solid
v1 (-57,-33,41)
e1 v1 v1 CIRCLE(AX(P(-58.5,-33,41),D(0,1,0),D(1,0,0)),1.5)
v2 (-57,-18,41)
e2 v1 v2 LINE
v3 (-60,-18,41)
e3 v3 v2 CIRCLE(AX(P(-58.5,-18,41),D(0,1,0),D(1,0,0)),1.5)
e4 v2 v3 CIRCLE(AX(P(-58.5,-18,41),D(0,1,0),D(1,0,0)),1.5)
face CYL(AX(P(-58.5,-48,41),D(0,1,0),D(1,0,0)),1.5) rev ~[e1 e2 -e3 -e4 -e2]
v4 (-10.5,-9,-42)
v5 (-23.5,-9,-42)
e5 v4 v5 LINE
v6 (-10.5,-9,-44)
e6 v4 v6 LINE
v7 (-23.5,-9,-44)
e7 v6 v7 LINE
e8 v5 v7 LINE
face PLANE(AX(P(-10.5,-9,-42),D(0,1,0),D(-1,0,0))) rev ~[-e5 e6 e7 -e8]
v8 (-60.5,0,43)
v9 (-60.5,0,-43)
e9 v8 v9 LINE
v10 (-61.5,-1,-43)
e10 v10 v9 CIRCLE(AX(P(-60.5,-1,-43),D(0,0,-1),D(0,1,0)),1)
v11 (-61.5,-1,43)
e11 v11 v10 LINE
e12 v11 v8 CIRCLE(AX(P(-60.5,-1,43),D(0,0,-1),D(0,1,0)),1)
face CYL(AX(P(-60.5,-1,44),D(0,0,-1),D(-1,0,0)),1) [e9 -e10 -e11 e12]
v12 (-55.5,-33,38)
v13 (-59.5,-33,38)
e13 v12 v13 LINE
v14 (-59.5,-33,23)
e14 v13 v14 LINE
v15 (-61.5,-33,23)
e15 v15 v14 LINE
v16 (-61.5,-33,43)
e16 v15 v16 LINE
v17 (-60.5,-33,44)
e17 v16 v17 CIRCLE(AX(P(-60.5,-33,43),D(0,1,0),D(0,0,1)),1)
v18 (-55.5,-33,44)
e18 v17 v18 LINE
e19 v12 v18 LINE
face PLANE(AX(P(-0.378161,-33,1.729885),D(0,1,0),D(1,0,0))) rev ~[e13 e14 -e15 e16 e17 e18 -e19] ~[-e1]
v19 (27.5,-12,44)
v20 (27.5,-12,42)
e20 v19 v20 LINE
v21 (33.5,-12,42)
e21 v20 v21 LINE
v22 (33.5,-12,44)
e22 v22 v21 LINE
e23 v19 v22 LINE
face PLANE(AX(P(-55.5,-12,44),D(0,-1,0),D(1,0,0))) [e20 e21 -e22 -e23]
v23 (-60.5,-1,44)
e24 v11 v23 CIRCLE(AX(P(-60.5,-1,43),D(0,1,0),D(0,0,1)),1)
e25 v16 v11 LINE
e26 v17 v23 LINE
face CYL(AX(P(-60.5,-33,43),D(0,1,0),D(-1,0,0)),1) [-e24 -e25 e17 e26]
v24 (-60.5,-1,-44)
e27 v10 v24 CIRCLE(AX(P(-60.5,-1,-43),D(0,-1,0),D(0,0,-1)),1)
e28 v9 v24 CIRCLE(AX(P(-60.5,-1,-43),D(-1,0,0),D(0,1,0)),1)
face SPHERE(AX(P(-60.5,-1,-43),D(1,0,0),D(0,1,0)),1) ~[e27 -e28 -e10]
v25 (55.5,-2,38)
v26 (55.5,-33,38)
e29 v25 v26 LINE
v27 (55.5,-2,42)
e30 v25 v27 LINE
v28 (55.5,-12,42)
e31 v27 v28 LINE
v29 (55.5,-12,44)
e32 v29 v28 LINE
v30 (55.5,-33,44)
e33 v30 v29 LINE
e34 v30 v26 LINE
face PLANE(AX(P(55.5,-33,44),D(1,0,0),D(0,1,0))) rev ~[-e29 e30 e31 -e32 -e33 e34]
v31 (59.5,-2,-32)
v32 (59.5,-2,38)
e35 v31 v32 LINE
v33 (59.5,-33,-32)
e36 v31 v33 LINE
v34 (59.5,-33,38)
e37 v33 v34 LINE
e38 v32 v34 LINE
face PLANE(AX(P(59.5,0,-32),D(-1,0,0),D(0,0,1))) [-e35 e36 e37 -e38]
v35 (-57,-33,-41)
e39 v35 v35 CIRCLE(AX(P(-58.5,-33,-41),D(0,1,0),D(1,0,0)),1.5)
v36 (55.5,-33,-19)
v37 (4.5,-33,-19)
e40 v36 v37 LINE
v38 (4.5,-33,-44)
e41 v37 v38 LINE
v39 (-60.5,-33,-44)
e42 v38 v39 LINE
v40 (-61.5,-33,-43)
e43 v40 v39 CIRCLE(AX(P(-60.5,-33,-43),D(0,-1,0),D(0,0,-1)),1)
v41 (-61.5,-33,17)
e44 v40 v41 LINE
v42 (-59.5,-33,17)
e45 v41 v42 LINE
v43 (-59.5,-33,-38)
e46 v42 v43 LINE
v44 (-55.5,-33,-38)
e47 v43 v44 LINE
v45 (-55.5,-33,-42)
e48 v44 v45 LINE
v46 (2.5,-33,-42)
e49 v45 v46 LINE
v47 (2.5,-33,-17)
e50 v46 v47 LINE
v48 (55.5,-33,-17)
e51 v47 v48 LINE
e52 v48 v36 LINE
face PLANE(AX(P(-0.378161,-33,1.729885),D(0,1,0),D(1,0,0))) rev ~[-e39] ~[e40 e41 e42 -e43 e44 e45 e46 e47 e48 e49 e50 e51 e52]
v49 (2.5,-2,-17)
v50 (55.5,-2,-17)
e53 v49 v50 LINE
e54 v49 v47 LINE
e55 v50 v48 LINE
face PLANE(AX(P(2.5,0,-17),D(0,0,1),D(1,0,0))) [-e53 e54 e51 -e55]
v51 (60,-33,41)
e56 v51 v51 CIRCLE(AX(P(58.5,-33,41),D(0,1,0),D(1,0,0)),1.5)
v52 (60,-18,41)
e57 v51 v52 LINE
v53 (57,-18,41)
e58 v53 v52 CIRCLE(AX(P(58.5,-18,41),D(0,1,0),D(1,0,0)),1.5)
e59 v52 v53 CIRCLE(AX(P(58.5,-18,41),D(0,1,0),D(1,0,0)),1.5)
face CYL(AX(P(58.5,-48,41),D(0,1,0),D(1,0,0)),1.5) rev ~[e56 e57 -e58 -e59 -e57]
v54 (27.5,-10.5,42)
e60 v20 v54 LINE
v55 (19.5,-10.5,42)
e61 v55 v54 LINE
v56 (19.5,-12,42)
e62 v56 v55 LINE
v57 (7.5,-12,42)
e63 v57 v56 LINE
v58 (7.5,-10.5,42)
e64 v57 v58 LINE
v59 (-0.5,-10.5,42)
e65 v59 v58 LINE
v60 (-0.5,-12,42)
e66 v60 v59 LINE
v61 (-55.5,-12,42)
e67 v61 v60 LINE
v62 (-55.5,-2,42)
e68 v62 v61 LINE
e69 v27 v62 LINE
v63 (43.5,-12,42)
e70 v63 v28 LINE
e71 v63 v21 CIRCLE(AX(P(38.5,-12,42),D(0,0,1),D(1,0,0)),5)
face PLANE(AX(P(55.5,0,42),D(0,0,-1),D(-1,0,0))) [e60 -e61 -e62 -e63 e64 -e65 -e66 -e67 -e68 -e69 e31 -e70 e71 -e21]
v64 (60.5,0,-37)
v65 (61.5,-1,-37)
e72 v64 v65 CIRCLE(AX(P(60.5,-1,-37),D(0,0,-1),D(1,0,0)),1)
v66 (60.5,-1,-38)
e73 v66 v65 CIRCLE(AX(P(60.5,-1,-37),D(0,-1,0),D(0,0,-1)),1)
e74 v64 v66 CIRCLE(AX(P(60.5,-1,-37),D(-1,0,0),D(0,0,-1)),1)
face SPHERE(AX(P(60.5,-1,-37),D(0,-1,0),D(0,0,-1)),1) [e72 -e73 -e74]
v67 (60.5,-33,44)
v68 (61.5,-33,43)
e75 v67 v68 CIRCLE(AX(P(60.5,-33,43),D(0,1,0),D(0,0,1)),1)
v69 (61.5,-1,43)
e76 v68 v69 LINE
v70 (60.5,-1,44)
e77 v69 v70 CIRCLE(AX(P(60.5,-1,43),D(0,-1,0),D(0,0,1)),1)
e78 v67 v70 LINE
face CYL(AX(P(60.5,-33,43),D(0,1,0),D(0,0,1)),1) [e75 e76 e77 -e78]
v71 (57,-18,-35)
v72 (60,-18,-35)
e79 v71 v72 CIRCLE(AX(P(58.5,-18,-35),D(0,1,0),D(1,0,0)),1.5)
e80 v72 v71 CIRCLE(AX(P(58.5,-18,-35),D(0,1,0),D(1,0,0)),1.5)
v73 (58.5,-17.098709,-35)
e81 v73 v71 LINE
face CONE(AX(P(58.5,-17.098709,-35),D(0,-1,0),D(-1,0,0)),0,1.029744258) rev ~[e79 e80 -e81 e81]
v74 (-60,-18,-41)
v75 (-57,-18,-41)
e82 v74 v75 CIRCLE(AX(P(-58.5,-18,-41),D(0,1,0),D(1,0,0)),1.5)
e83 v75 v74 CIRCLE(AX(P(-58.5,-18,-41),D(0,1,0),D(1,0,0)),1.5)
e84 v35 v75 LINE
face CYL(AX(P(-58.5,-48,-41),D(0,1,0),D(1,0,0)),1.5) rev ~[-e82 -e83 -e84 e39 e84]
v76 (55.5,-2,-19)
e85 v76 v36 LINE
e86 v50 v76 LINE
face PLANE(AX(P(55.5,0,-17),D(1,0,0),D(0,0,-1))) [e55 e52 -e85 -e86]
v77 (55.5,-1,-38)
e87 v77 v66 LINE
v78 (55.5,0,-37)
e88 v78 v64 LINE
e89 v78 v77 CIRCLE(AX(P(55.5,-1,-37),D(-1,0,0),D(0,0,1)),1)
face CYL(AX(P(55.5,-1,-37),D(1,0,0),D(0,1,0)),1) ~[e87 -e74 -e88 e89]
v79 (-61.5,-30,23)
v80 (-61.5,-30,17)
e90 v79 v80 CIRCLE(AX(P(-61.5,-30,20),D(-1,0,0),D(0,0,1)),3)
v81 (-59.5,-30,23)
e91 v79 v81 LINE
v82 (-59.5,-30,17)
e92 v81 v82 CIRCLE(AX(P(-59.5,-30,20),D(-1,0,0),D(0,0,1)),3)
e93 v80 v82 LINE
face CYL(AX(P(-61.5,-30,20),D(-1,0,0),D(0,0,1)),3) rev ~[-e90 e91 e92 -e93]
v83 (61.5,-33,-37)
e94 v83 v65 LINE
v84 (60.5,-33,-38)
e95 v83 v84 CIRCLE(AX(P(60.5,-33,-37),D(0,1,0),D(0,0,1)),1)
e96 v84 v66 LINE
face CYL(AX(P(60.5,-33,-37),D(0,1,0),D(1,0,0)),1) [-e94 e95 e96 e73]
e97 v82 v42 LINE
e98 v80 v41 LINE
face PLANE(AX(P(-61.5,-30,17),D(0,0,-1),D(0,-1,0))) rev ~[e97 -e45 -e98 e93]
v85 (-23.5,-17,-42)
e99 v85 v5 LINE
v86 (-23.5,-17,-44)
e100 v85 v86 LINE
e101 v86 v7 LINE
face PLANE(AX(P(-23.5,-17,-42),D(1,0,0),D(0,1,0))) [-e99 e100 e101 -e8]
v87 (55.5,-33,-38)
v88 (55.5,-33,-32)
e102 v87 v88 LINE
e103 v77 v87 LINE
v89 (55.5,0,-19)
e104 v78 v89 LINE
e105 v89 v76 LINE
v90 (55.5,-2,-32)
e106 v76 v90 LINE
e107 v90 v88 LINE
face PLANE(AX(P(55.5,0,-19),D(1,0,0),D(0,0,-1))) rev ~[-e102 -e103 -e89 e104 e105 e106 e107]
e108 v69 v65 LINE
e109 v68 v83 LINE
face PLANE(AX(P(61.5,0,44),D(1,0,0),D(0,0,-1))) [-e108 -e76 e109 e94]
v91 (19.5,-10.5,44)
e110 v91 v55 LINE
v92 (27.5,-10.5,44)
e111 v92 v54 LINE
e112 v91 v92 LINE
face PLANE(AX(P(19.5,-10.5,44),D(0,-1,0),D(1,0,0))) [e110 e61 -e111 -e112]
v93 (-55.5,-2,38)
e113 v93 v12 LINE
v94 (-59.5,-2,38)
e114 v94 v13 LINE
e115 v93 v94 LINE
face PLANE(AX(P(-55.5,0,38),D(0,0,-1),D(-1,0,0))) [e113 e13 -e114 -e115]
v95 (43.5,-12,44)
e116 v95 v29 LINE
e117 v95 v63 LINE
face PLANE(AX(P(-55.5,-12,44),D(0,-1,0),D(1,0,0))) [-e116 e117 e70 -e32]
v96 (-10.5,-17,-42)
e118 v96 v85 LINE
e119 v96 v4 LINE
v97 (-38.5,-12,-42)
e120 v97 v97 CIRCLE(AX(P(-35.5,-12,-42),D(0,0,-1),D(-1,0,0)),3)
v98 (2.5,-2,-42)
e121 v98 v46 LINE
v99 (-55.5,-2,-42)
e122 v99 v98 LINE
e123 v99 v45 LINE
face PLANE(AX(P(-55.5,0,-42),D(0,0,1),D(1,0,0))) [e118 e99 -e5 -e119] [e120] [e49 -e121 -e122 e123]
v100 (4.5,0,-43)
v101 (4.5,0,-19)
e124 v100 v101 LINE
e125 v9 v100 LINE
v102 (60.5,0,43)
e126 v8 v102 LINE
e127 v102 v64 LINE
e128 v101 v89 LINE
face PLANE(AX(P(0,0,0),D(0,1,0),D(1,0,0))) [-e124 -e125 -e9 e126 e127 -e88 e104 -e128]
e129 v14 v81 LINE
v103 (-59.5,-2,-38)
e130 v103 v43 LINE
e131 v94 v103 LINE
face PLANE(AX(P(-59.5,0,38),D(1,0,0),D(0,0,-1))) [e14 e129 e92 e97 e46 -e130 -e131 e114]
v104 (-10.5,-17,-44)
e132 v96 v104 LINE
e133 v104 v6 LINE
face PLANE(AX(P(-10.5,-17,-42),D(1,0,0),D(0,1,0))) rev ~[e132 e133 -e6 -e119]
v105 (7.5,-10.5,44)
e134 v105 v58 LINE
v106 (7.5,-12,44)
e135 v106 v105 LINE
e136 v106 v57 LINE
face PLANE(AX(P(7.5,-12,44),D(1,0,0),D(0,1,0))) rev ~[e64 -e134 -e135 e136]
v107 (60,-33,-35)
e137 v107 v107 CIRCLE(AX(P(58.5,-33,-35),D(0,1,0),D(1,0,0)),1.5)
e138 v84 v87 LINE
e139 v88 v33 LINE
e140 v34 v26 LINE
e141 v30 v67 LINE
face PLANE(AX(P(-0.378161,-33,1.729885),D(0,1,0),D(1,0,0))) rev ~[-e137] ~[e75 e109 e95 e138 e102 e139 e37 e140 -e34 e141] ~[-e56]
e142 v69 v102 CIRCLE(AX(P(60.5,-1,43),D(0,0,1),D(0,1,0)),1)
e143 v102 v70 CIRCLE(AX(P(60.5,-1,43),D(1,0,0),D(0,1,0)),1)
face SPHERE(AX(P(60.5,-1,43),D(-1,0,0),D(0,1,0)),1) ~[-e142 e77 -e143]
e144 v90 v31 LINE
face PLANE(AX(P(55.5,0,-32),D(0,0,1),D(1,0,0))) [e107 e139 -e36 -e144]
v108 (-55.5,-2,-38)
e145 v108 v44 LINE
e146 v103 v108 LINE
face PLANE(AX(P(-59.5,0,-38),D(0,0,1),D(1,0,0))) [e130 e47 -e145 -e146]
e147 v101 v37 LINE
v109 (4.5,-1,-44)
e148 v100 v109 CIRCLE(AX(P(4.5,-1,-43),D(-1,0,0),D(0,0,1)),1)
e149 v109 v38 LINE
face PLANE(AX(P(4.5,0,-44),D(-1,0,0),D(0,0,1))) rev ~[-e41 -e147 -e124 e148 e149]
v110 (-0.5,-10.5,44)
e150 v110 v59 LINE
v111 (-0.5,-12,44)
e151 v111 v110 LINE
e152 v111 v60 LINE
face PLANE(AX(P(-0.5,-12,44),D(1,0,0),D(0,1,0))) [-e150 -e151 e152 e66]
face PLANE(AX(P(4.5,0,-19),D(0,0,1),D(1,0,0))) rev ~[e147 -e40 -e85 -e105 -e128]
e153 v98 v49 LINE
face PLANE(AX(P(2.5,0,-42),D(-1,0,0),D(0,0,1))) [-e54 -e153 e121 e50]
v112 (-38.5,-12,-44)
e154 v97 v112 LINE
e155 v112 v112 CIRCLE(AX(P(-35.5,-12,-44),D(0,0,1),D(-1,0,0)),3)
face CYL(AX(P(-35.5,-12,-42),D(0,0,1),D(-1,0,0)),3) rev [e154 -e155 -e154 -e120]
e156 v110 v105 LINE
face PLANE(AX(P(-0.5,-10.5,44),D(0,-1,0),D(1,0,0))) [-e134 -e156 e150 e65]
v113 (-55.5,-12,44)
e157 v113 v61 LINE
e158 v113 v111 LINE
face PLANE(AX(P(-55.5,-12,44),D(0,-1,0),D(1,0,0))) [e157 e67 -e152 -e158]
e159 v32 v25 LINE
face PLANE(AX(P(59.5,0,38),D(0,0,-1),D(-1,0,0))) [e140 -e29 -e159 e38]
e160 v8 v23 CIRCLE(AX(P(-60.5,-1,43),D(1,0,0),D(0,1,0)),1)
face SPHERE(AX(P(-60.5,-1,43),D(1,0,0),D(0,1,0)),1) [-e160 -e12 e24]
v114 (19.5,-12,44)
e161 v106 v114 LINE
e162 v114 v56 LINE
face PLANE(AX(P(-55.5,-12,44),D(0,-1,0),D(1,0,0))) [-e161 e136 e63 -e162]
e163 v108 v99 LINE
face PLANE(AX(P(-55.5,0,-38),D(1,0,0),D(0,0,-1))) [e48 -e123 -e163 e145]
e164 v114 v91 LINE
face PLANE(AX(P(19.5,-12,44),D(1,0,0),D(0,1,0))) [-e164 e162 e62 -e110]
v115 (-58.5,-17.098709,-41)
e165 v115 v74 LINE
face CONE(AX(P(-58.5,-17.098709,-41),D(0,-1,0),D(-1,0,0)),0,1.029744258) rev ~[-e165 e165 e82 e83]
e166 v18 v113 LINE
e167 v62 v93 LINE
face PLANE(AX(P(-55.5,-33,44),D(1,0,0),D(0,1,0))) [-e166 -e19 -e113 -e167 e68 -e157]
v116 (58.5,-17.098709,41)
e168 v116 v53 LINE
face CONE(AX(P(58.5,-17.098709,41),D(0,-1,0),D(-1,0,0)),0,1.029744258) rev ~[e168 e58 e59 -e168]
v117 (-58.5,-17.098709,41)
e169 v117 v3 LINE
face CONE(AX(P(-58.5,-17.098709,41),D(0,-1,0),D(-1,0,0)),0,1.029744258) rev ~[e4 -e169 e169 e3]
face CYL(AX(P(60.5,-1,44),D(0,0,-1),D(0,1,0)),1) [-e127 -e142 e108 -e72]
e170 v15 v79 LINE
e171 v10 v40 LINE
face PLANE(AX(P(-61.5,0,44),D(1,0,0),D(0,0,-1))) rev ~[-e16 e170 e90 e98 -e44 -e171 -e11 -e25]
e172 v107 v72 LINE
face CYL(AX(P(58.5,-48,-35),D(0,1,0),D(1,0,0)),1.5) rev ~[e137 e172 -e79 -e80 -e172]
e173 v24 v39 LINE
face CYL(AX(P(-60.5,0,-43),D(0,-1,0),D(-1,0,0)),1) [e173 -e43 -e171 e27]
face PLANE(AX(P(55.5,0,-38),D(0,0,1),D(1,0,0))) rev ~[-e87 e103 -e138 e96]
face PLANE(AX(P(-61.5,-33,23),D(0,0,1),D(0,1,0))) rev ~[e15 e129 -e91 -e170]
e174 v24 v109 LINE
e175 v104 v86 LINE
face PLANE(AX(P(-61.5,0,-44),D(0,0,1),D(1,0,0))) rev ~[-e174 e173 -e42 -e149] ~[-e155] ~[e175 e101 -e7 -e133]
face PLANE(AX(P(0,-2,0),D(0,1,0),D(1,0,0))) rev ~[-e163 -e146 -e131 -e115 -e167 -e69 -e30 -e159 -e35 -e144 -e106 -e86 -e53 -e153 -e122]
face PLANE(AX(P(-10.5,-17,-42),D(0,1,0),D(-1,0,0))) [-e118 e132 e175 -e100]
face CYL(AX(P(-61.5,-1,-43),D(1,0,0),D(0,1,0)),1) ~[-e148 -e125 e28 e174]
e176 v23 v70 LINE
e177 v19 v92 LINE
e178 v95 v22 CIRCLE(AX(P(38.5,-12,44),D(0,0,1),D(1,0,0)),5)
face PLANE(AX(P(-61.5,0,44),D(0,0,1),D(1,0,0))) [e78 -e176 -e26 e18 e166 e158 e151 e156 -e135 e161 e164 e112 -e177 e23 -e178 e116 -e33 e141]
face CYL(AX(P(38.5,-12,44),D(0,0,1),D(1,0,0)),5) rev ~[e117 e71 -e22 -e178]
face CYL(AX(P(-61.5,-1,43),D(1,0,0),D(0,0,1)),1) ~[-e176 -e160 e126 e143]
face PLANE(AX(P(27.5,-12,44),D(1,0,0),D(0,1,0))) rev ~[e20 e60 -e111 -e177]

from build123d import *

# Parameters (mm, degrees)
SKETCH2_W                 = 123
SKETCH2_H                 = 88
BOSS_EXTRUDE1_DEPTH       = 2
SKETCH3_W                 = 6
SKETCH3_H                 = 6
CUT_EXTRUDE1_DEPTH        = 2
BOSS_EXTRUDE2_DEPTH       = 33
CUT_EXTRUDE2_DEPTH        = 113.317629961
CUT_EXTRUDE2_DEPTH_BACK   = 2
SKETCH5_W                 = 13
SKETCH5_H                 = 8
SKETCH5_R                 = 3
SKETCH6_W                 = 111
SKETCH6_H                 = 21
CUT_EXTRUDE3_DEPTH        = 2
SKETCH7_W                 = 8
SKETCH7_H                 = 1.5
CUT_EXTRUDE4_DEPTH        = 2
F_3_0MM_DOWEL_HOLE2_D     = 3
F_3_0MM_DOWEL_HOLE2_DEPTH = 15
F_3_0MM_DOWEL_HOLE2_TIP   = 0.901290929
CUT_EXTRUDE10_DEPTH       = 2
FILLET1_R                 = 1


with BuildPart() as part:
    # Sketch2 → Boss-Extrude1 (new body)
    with BuildSketch(Plane(origin=(0, 0, 0), x_dir=(1, 0, 0), z_dir=(0, 1, 0))):
        Rectangle(SKETCH2_W, SKETCH2_H)
    extrude(amount=-BOSS_EXTRUDE1_DEPTH)

    # Sketch3 → Cut-Extrude1 (cut)
    with BuildSketch(Plane(origin=(0, 0, 0), x_dir=(1, 0, 0), z_dir=(0, 1, 0))):
        Polygon((55.5, 38), (55.5, 44), (4.5, 44), (4.5, 19), (55.5, 19), align=None)
        with Locations((58.5, 41)):
            Rectangle(SKETCH3_W, SKETCH3_H)
    extrude(amount=-CUT_EXTRUDE1_DEPTH, mode=Mode.SUBTRACT)

    # Sketch4 → Boss-Extrude2 (add)
    with BuildSketch(Plane(origin=(0, 0, 0), x_dir=(1, 0, 0), z_dir=(0, 1, 0))):
        Polygon((59.5, -38), (55.5, -38), (55.5, -42), (-55.5, -42), (-55.5, -38), (-59.5, -38), (-59.5, 38), (-55.5, 38), (-55.5, 42), (2.5, 42), (2.5, 17), (55.5, 17), (55.5, 19), (4.5, 19), (4.5, 44), (-61.5, 44), (-61.5, -44), (61.5, -44), (61.5, 38), (55.5, 38), (55.5, 32), (59.5, 32), align=None)
    extrude(amount=-BOSS_EXTRUDE2_DEPTH)

    # Sketch5 → Cut-Extrude2 (cut, two sides: drawn at the far end of the back side and taken through both)
    with BuildSketch(Plane(origin=(0, 0, -44), x_dir=(-1, 0, 0), z_dir=(0, 0, -1)).offset(-CUT_EXTRUDE2_DEPTH_BACK)):
        with Locations((17, -13)):
            Rectangle(SKETCH5_W, SKETCH5_H)
        with Locations((35.5, -12)):
            Circle(SKETCH5_R)
    extrude(amount=CUT_EXTRUDE2_DEPTH + CUT_EXTRUDE2_DEPTH_BACK, mode=Mode.SUBTRACT)

    # Sketch6 → Cut-Extrude3 (cut)
    with BuildSketch(Plane.XY.offset(44)):
        with Locations((0, -22.5)):
            Rectangle(SKETCH6_W, SKETCH6_H)
    extrude(amount=-CUT_EXTRUDE3_DEPTH, mode=Mode.SUBTRACT)

    # Sketch7 → Cut-Extrude4 (cut)
    with BuildSketch(Plane.XY.offset(44)):
        with BuildLine():
            Line((33.5, -12), (43.5, -12))
            ThreePointArc((43.5, -12), (38.5, -7), (33.5, -12))
        make_face()
        with Locations((3.5, -11.25)):
            Rectangle(SKETCH7_W, SKETCH7_H)
        with Locations((23.5, -11.25)):
            Rectangle(SKETCH7_W, SKETCH7_H)
    extrude(amount=-CUT_EXTRUDE4_DEPTH, mode=Mode.SUBTRACT)

    # Ø3.0mm Dowel Hole2
    with Locations(Plane(origin=(0, -33, 0), x_dir=(-1, 0, 0), z_dir=(0, -1, 0))):
        with Locations((58.5, -41), (58.5, 41), (-58.5, 35), (-58.5, -41)):
            Hole(F_3_0MM_DOWEL_HOLE2_D / 2, depth=F_3_0MM_DOWEL_HOLE2_DEPTH)
            with Locations((0, 0, -(F_3_0MM_DOWEL_HOLE2_DEPTH + F_3_0MM_DOWEL_HOLE2_TIP / 2))):  # 118° drill point
                Cone(0, F_3_0MM_DOWEL_HOLE2_D / 2, F_3_0MM_DOWEL_HOLE2_TIP, mode=Mode.SUBTRACT)

    # Sketch15 → Cut-Extrude10 (cut)
    with BuildSketch(Plane.ZY.offset(61.5)):
        with BuildLine():
            ThreePointArc((23, -30), (20, -27), (17, -30))
            Line((17, -30), (17, -33))
            Line((17, -33), (23, -33))
            Line((23, -33), (23, -30))
        make_face()
    extrude(amount=-CUT_EXTRUDE10_DEPTH, mode=Mode.SUBTRACT)

    # Fillet1
    fillet1_edges = [part.edges().sort_by_distance(p)[0] for p in [
        (-28.5, 0, -44),
        (61.5, -16.5, -38),
        (58.5, 0, -38),
        (0, 0, 44),
        (-61.5, 0, 0),
        (61.5, 0, 3),
        (61.5, -16.5, 44),
        (-61.5, -16.5, 44),
        (-61.5, -16.5, -44),
    ]]
    fillet(fillet1_edges, radius=FILLET1_R)


solid = part.part
